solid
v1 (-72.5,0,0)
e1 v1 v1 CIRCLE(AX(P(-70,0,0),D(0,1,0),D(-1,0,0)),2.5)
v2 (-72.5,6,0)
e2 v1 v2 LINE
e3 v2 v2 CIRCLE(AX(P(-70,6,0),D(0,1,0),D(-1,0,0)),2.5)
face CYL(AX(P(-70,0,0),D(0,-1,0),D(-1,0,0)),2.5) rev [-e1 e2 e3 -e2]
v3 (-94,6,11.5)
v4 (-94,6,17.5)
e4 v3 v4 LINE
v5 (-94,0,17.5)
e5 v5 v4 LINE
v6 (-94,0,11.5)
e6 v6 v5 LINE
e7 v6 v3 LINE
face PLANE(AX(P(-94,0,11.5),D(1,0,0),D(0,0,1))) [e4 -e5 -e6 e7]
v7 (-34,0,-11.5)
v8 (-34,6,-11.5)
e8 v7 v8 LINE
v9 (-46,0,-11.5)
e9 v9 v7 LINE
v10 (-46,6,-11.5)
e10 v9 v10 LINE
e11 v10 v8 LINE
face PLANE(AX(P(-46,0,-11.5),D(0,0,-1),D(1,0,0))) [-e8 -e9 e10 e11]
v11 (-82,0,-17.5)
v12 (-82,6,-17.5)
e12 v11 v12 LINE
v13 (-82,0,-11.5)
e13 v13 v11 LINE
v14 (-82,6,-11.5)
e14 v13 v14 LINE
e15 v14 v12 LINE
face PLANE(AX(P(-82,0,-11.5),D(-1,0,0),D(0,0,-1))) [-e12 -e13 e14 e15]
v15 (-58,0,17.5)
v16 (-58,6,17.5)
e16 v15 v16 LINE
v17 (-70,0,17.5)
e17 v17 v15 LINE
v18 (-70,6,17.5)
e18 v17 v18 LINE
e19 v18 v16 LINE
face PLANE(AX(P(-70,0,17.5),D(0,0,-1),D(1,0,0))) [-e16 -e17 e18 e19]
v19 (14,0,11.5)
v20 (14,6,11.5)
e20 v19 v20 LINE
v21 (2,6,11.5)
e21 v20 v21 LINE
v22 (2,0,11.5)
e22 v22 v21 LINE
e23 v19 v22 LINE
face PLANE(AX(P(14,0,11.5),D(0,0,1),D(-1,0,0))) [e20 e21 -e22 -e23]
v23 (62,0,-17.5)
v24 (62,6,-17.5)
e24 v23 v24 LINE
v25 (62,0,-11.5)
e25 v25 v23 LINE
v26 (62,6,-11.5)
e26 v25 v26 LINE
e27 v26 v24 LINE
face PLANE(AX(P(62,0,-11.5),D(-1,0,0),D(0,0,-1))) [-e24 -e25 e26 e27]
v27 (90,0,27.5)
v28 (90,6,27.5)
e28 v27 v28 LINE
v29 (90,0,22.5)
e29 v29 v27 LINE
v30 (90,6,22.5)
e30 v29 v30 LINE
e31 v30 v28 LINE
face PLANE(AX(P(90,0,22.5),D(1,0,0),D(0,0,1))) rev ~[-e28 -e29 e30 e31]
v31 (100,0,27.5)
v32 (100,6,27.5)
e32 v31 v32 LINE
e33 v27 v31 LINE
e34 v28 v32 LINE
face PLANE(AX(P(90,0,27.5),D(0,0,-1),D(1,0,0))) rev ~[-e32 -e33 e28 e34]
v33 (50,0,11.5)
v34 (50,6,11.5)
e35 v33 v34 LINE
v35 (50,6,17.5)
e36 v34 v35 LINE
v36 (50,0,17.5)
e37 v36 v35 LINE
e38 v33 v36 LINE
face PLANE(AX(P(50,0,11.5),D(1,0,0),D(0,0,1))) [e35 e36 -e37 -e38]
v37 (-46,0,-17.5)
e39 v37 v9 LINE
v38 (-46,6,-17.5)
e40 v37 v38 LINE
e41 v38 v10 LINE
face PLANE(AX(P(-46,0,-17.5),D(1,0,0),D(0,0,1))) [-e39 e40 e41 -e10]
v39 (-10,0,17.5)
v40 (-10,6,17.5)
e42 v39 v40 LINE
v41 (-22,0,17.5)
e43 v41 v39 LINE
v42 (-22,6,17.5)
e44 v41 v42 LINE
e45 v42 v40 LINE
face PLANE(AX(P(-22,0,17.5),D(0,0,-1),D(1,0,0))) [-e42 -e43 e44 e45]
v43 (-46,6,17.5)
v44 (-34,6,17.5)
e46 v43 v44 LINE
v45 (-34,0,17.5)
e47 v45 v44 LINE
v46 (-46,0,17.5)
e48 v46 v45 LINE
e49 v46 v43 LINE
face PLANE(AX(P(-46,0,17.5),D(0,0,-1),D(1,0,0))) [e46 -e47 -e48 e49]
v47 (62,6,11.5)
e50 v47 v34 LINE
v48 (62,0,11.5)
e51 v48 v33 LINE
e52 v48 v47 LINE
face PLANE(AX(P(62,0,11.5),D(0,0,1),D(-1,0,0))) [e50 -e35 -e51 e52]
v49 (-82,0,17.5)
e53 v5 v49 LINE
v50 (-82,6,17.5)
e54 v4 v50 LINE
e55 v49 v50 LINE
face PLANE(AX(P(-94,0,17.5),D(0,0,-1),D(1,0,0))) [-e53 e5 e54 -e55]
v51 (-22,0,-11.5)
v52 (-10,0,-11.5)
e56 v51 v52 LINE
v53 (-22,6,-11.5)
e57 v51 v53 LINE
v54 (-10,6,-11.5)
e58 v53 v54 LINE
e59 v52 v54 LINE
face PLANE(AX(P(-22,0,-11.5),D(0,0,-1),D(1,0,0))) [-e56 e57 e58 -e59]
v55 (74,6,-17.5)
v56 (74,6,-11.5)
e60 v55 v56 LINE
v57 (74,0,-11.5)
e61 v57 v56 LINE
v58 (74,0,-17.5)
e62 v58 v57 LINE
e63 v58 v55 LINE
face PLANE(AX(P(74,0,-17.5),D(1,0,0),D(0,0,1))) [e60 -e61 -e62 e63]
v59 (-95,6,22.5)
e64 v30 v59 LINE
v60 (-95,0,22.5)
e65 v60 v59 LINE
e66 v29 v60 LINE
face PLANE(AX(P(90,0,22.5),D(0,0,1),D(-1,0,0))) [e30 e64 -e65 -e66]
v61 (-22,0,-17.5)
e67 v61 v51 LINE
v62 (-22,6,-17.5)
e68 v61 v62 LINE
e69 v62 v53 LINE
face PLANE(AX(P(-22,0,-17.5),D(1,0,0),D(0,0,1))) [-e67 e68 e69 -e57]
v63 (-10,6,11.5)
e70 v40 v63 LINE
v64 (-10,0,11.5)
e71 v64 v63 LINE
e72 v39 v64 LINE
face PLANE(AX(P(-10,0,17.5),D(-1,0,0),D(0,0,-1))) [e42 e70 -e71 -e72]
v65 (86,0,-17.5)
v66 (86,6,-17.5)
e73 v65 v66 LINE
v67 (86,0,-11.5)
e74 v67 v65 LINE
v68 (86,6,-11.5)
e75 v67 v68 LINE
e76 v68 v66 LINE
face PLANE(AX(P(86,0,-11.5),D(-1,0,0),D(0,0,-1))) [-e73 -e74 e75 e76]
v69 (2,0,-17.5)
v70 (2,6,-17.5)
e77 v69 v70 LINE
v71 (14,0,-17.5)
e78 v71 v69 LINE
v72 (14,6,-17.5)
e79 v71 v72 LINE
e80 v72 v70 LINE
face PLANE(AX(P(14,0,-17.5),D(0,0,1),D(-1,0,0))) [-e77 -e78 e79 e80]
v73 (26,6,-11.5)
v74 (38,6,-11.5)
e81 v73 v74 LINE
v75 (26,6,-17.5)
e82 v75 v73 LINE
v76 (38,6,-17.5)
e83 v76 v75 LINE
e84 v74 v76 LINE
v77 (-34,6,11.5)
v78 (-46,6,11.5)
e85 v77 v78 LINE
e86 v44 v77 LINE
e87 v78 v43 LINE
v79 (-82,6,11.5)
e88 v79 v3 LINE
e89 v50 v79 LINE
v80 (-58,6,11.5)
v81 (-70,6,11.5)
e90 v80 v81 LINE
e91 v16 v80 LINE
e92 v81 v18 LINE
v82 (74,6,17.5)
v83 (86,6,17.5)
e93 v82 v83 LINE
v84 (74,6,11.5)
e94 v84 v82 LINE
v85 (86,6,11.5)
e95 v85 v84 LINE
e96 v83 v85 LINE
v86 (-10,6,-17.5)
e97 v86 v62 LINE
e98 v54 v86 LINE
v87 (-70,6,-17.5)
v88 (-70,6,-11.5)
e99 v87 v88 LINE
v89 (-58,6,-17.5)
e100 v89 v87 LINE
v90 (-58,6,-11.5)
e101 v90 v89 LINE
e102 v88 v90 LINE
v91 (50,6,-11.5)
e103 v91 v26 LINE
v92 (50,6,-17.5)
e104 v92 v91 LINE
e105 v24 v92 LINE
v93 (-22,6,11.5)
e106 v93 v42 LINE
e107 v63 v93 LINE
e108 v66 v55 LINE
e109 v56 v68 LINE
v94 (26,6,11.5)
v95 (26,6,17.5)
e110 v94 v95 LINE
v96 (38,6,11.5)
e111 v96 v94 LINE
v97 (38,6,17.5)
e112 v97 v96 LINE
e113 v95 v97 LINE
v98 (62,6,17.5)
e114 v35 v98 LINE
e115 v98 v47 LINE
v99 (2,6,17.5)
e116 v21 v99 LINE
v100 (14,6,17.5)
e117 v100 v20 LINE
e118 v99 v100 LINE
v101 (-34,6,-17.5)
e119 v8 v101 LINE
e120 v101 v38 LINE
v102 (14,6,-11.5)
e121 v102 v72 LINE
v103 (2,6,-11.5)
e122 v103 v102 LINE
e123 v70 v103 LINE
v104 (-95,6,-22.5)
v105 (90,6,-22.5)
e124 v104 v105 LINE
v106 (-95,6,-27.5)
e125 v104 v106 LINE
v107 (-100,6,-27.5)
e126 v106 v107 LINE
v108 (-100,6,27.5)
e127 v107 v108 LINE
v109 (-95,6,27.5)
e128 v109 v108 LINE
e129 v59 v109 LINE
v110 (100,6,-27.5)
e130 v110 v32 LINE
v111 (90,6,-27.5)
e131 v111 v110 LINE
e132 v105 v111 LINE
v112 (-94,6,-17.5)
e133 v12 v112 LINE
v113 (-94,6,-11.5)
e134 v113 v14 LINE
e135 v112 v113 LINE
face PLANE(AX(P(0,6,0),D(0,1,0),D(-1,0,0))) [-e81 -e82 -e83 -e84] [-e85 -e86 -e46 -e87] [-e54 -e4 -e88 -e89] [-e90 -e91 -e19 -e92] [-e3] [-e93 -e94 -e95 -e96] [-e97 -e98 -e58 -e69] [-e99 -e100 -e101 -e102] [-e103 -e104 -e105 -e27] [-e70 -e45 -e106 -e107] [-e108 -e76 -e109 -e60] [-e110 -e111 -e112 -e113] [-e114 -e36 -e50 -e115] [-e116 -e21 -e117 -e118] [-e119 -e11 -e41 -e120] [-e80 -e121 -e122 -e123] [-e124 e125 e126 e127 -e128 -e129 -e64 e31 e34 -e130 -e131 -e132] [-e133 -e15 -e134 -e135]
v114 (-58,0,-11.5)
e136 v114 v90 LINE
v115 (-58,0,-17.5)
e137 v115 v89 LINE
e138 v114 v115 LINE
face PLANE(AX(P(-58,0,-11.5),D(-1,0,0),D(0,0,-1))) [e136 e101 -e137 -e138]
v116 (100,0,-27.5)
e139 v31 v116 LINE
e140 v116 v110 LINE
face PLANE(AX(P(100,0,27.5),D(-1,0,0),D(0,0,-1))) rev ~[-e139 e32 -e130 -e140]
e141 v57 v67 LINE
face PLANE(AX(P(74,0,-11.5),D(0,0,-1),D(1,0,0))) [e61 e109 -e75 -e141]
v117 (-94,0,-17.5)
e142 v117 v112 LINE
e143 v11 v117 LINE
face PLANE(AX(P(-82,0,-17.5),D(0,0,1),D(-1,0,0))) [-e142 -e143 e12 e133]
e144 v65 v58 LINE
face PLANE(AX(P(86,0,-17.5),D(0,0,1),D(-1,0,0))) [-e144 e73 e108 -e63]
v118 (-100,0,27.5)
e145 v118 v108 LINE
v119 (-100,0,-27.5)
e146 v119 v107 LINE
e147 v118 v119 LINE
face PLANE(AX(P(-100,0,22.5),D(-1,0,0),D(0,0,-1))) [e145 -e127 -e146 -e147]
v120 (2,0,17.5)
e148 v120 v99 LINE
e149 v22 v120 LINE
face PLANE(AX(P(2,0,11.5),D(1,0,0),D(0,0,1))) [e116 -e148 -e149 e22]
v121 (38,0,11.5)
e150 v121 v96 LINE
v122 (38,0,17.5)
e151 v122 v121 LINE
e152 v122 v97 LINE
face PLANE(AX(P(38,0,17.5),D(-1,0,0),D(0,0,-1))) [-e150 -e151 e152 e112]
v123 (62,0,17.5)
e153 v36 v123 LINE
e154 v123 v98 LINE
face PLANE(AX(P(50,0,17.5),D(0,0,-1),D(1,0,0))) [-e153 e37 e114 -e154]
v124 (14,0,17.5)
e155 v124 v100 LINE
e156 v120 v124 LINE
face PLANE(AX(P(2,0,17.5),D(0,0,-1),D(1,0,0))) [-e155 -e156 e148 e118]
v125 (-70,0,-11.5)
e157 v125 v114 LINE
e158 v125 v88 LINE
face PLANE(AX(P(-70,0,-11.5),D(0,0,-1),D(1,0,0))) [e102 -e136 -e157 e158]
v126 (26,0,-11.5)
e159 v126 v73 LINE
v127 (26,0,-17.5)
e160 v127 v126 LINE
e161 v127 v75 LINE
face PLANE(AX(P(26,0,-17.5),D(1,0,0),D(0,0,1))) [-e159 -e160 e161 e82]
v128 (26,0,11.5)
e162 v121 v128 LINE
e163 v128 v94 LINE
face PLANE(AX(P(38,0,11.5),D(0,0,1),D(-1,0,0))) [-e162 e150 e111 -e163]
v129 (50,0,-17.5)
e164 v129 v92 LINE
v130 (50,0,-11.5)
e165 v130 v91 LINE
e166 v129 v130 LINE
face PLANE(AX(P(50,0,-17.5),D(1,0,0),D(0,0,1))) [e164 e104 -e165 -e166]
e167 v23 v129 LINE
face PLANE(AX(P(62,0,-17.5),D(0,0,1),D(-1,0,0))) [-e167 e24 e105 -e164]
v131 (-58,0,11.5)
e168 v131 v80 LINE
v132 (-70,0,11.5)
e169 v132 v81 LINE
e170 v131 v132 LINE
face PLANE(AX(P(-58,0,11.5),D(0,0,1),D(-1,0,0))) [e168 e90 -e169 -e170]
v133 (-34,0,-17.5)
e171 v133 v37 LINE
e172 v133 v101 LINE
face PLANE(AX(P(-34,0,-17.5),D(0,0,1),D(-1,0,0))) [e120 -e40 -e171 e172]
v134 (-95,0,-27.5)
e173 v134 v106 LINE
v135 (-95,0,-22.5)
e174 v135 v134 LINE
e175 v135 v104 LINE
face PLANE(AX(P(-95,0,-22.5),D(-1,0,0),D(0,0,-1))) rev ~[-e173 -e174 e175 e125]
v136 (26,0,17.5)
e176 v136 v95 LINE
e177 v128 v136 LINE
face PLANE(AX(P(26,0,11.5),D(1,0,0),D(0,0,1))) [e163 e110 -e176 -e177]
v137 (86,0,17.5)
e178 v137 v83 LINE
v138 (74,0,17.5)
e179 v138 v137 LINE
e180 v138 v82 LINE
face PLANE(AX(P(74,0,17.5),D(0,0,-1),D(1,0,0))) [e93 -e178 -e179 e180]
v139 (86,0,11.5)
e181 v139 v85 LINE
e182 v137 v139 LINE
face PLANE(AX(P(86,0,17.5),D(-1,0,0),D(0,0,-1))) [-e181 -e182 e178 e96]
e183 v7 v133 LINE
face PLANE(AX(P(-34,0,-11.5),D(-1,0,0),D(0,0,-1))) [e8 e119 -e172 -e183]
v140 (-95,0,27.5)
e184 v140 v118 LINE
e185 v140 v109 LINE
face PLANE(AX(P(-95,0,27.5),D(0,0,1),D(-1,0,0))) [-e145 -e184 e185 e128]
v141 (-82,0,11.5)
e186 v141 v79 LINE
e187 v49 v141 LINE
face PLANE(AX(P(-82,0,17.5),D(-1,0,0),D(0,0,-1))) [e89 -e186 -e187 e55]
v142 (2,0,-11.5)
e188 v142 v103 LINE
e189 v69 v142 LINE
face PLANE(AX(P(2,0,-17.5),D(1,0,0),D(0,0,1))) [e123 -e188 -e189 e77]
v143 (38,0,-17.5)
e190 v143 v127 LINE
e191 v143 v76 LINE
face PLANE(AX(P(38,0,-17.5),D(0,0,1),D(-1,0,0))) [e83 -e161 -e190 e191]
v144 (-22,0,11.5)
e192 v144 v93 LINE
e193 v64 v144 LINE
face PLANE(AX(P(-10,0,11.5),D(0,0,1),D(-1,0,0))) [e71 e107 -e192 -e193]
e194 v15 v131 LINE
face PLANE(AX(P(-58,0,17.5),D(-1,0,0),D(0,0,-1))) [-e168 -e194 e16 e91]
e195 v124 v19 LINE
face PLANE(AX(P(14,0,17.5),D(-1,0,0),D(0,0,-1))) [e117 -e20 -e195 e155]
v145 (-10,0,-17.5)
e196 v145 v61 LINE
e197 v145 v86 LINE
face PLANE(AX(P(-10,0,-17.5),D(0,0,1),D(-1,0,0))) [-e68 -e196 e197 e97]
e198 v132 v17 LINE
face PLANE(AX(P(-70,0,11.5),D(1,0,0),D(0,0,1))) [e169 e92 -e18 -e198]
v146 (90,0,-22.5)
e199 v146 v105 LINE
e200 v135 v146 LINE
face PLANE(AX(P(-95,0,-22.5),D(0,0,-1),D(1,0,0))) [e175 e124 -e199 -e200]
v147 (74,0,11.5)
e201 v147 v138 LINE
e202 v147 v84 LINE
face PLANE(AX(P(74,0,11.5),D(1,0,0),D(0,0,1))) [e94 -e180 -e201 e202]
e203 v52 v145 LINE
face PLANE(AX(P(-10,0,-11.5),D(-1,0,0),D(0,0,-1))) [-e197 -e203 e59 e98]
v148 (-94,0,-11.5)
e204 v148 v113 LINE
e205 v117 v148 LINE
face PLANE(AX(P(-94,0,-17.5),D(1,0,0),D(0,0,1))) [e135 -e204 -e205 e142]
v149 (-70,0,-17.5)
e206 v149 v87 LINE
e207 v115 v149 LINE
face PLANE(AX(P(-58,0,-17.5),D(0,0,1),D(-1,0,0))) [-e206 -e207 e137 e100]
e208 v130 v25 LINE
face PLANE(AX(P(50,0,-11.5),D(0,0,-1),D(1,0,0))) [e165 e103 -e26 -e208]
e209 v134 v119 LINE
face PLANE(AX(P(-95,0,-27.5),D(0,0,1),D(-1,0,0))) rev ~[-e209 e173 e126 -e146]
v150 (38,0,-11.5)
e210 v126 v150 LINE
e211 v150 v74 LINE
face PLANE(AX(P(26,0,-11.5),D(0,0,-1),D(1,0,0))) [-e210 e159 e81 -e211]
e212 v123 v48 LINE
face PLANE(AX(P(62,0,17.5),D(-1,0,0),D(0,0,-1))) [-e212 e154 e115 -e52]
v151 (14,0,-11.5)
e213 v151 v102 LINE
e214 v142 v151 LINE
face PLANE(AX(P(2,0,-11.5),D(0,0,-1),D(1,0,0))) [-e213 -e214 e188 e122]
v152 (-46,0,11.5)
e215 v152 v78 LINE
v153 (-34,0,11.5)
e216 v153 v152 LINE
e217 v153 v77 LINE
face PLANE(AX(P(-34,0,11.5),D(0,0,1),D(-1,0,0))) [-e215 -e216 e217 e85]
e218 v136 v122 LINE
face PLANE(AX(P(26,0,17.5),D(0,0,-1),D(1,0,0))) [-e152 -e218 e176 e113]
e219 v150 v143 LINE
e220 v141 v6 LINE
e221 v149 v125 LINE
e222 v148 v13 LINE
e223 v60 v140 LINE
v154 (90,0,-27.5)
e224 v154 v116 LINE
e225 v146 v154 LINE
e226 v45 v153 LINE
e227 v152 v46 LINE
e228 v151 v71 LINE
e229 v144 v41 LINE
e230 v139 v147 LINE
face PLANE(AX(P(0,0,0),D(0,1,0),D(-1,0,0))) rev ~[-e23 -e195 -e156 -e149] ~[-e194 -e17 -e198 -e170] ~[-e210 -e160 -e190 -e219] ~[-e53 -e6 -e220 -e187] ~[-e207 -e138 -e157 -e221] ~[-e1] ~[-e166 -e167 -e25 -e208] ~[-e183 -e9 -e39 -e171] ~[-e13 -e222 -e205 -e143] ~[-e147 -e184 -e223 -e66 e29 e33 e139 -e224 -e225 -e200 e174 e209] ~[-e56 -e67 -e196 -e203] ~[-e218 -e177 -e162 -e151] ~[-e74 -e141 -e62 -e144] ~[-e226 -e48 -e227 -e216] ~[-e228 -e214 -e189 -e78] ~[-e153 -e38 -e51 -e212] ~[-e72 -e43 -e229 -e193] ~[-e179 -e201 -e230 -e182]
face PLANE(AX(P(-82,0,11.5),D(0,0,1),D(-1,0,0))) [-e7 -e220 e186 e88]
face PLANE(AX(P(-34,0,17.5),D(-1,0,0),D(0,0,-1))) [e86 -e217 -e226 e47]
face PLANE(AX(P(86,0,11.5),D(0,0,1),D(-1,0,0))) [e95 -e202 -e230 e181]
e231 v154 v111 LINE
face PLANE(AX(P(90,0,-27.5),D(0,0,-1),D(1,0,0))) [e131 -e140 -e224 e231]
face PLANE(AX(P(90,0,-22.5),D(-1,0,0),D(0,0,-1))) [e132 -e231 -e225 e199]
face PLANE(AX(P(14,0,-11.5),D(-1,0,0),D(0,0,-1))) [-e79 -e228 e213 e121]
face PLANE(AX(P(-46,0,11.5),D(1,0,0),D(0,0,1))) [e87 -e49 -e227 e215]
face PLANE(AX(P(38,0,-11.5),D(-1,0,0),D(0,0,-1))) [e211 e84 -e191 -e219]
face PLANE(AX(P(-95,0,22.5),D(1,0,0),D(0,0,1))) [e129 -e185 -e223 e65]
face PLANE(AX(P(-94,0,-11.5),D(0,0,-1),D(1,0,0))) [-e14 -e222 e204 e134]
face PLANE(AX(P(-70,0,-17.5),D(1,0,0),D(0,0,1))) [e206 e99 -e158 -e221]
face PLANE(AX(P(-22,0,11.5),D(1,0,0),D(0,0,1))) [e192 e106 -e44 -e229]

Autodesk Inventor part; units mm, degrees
ref_plane "YZ Plane" through (0, 0, 0) normal (1, 0, 0) x (0, 1, 0)
ref_plane "XZ Plane" through (0, 0, 0) normal (0, 1, 0) x (-1, 0, 0)
ref_plane "XY Plane" through (0, 0, 0) normal (0, 0, 1) x (1, 0, 0)
sketch "Sketch2" plane through (0, 0, 0) normal (0, 1, 0) x (-1, 0, 0)
  line L0 (-100, 22.5) -> (100, 22.5)
  line L1 (100, 22.5) -> (100, -22.5)
  line L2 (100, -22.5) -> (-100, -22.5)
  line L3 (-100, -22.5) -> (-100, 22.5)
  line L4 (-100, 22.5) -> (100, -22.5) construction
  line L5 (100, 22.5) -> (-100, -22.5) construction
  line L6 (100, 22.5) -> (95, 22.5)
  line L7 (95, 22.5) -> (95, 27.5)
  line L8 (95, 27.5) -> (100, 27.5)
  line L9 (100, 27.5) -> (100, 22.5)
  line L10 (100, -22.5) -> (95, -22.5)
  line L11 (95, -22.5) -> (95, -27.5)
  line L12 (95, -27.5) -> (100, -27.5)
  line L13 (100, -27.5) -> (100, -22.5)
  line L14 (-100, -22.5) -> (-90, -22.5)
  line L15 (-90, -22.5) -> (-90, -27.5)
  line L16 (-90, -27.5) -> (-100, -27.5)
  line L17 (-100, -27.5) -> (-100, -22.5)
  line L18 (-100, 22.5) -> (-90, 22.5)
  line L19 (-90, 22.5) -> (-90, 27.5)
  line L20 (-90, 27.5) -> (-100, 27.5)
  line L21 (-100, 27.5) -> (-100, 22.5)
  line L22 (94, 17.5) -> (82, 17.5)
  line L23 (82, 17.5) -> (82, 11.5)
  line L24 (82, 11.5) -> (94, 11.5)
  line L25 (94, 11.5) -> (94, 17.5)
  line L26 (70, 17.5) -> (58, 17.5)
  line L27 (70, 11.5) -> (70, 17.5)
  line L28 (58, 11.5) -> (70, 11.5)
  line L29 (58, 17.5) -> (58, 11.5)
  line L30 (46, 17.5) -> (34, 17.5)
  line L31 (46, 11.5) -> (46, 17.5)
  line L32 (34, 11.5) -> (46, 11.5)
  line L33 (34, 17.5) -> (34, 11.5)
  line L34 (22, 17.5) -> (10, 17.5)
  line L35 (22, 11.5) -> (22, 17.5)
  line L36 (10, 11.5) -> (22, 11.5)
  line L37 (10, 17.5) -> (10, 11.5)
  line L38 (-2, 17.5) -> (-14, 17.5)
  line L39 (-2, 11.5) -> (-2, 17.5)
  line L40 (-14, 11.5) -> (-2, 11.5)
  line L41 (-14, 17.5) -> (-14, 11.5)
  line L42 (-26, 17.5) -> (-38, 17.5)
  line L43 (-26, 11.5) -> (-26, 17.5)
  line L44 (-38, 11.5) -> (-26, 11.5)
  line L45 (-38, 17.5) -> (-38, 11.5)
  line L46 (-50, 17.5) -> (-62, 17.5)
  line L47 (-50, 11.5) -> (-50, 17.5)
  line L48 (-62, 11.5) -> (-50, 11.5)
  line L49 (-62, 17.5) -> (-62, 11.5)
  line L50 (-74, 17.5) -> (-86, 17.5)
  line L51 (-74, 11.5) -> (-74, 17.5)
  line L52 (-86, 11.5) -> (-74, 11.5)
  line L53 (-86, 17.5) -> (-86, 11.5)
  line L54 (94, -11.5) -> (82, -11.5)
  line L55 (94, -17.5) -> (94, -11.5)
  line L56 (82, -17.5) -> (94, -17.5)
  line L57 (82, -11.5) -> (82, -17.5)
  line L58 (70, -11.5) -> (58, -11.5)
  line L59 (70, -17.5) -> (70, -11.5)
  line L60 (58, -17.5) -> (70, -17.5)
  line L61 (58, -11.5) -> (58, -17.5)
  line L62 (46, -11.5) -> (34, -11.5)
  line L63 (46, -17.5) -> (46, -11.5)
  line L64 (34, -17.5) -> (46, -17.5)
  line L65 (34, -11.5) -> (34, -17.5)
  line L66 (22, -11.5) -> (10, -11.5)
  line L67 (22, -17.5) -> (22, -11.5)
  line L68 (10, -17.5) -> (22, -17.5)
  line L69 (10, -11.5) -> (10, -17.5)
  line L70 (-2, -11.5) -> (-14, -11.5)
  line L71 (-2, -17.5) -> (-2, -11.5)
  line L72 (-14, -17.5) -> (-2, -17.5)
  line L73 (-14, -11.5) -> (-14, -17.5)
  line L74 (-26, -11.5) -> (-38, -11.5)
  line L75 (-26, -17.5) -> (-26, -11.5)
  line L76 (-38, -17.5) -> (-26, -17.5)
  line L77 (-38, -11.5) -> (-38, -17.5)
  line L78 (-50, -11.5) -> (-62, -11.5)
  line L79 (-50, -17.5) -> (-50, -11.5)
  line L80 (-62, -17.5) -> (-50, -17.5)
  line L81 (-62, -11.5) -> (-62, -17.5)
  line L82 (-74, -11.5) -> (-86, -11.5)
  line L83 (-74, -17.5) -> (-74, -11.5)
  line L84 (-86, -17.5) -> (-74, -17.5)
  line L85 (-86, -11.5) -> (-86, -17.5)
  circle A0 centre (70, 0) radius 2.5
  point P0 (0, 0)
  point P1 (0, 0)
  dimension "d9" = 45
  dimension "d10" = 200
  dimension "d11" = 5
  dimension "d12" = 5
  dimension "d13" = 5
  dimension "d14" = 5
  dimension "d15" = 10
  dimension "d16" = 5
  dimension "d17" = 10
  dimension "d18" = 5
  dimension "d19" = 12
  dimension "d20" = 6
  dimension "d21" = 6
  dimension "d22" = 5
  dimension "d25" = 24
  dimension "d28" = 29
  dimension "d33" = 5
  dimension "d35" = 25
extrude "Extrusion2" add sketch "Sketch2" along normal blind 6
properties part number "phone_holder_slider" material "Acrylic, Clear"
